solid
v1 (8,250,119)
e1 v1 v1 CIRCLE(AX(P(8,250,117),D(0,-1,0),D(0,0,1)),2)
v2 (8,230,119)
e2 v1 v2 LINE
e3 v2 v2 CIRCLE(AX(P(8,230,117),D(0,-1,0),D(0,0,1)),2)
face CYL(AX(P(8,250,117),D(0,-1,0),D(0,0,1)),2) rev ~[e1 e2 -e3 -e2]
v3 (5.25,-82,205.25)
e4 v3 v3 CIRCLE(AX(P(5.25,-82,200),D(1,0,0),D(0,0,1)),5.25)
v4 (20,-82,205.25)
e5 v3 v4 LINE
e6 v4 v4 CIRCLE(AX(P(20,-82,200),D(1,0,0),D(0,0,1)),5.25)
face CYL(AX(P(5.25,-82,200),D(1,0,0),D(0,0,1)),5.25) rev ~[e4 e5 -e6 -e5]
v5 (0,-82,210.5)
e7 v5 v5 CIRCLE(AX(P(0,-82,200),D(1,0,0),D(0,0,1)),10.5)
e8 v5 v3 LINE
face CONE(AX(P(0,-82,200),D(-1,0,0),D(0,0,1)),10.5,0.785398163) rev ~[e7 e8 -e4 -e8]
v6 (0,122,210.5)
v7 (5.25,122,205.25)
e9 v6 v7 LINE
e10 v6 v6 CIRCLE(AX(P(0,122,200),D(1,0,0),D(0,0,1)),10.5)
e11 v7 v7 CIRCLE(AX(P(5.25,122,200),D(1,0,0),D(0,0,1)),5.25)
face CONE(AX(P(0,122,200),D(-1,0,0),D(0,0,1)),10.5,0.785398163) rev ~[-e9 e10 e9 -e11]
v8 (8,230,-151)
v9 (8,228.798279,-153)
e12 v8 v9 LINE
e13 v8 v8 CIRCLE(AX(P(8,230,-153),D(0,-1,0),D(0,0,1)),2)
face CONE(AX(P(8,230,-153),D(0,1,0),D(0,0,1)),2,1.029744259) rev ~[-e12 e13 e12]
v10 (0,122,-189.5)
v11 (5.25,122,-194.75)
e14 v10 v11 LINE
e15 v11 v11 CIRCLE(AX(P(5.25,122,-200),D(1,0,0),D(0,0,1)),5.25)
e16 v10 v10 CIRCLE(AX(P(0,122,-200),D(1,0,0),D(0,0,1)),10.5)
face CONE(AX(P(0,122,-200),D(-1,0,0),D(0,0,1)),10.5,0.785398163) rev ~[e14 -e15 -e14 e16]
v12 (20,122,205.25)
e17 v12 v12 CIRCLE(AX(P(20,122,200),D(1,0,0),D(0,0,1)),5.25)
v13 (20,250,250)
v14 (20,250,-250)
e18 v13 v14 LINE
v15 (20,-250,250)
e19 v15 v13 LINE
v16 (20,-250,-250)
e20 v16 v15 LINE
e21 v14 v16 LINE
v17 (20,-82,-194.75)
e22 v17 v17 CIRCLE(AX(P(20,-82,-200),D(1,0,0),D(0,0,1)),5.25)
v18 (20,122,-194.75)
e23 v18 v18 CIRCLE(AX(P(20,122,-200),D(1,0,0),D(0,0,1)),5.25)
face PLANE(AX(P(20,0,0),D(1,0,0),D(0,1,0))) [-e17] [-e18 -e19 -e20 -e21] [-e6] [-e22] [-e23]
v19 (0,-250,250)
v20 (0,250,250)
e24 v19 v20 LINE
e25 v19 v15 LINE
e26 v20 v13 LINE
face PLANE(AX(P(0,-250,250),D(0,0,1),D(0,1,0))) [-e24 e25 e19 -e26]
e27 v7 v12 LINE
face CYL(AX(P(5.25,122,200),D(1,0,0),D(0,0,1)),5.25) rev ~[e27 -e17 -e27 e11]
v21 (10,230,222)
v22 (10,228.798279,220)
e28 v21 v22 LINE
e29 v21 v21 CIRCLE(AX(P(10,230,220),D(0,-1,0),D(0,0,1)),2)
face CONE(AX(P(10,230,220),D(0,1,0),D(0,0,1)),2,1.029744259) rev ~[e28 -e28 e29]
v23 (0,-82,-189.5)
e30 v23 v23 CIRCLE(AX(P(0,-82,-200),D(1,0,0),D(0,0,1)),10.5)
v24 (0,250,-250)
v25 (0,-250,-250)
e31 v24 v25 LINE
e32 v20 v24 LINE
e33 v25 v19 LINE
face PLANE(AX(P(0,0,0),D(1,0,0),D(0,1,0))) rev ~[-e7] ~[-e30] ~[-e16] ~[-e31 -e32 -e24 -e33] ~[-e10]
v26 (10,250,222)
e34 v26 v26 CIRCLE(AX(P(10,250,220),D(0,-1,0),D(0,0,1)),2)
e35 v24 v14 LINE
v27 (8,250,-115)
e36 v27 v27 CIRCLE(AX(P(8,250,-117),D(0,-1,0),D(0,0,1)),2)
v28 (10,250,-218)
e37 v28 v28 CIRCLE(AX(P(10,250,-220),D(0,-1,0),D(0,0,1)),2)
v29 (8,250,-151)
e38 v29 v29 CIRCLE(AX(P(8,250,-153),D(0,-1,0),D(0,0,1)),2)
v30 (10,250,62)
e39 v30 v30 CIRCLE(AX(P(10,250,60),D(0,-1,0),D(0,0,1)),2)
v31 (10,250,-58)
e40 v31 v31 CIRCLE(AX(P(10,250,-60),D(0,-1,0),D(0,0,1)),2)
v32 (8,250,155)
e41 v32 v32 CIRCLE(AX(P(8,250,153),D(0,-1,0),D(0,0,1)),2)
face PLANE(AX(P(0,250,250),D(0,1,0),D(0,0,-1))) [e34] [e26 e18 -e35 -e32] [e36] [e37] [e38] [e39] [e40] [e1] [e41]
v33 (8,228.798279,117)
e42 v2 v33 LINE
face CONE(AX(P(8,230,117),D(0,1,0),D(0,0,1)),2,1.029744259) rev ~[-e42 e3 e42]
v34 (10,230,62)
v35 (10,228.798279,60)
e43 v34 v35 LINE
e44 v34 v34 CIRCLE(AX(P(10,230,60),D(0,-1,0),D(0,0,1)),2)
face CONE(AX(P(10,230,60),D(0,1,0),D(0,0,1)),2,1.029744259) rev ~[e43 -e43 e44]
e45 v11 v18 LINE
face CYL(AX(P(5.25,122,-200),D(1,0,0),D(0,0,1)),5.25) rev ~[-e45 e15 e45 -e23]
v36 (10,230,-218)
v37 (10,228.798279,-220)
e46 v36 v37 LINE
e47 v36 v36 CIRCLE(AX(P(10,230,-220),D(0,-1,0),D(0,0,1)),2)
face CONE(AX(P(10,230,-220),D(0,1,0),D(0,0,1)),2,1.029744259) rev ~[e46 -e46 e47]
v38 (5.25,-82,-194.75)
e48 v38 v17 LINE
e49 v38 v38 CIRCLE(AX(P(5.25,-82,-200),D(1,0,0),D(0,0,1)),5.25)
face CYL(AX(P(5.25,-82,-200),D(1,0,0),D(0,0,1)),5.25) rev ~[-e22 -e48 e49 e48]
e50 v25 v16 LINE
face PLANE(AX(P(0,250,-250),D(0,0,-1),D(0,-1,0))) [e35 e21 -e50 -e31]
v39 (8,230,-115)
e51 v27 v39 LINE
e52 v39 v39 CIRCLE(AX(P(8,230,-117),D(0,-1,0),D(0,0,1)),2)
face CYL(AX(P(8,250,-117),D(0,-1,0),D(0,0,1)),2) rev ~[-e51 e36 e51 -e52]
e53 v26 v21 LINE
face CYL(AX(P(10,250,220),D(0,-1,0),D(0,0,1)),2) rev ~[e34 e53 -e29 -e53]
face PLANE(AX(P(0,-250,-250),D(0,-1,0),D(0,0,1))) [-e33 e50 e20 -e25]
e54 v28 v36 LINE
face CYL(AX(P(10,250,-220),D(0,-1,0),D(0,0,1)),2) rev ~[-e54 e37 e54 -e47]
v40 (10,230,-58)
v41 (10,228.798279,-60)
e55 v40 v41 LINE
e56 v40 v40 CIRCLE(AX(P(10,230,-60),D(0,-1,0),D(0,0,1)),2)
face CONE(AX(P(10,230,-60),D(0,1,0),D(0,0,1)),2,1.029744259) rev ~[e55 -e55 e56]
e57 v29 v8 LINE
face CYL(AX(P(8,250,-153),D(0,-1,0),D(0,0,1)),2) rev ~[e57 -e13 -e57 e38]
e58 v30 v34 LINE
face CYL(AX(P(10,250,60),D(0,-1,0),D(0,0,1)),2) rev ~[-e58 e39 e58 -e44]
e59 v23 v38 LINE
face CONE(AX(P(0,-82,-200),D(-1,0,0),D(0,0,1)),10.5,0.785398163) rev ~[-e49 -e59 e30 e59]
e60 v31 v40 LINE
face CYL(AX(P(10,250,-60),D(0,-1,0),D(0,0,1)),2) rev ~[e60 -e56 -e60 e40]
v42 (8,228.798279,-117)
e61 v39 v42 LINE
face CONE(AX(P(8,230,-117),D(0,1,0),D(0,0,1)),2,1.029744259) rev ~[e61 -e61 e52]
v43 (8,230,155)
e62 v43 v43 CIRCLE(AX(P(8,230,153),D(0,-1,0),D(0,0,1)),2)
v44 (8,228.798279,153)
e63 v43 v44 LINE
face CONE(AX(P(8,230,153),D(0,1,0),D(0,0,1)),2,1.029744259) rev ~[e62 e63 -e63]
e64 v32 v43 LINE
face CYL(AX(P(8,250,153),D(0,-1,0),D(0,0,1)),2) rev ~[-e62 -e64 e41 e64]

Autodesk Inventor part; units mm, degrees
ref_plane "YZ Plane" through (0, 0, 0) normal (1, 0, 0) x (0, 1, 0)
ref_plane "XZ Plane" through (0, 0, 0) normal (0, 1, 0) x (-1, 0, 0)
ref_plane "XY Plane" through (0, 0, 0) normal (0, 0, 1) x (1, 0, 0)
sketch "Skizze1" plane through (0, 0, 0) normal (1, 0, 0) x (0, 1, 0)
  line L0 (-250, 250) -> (250, 250)
  line L1 (250, 250) -> (250, -250)
  line L2 (250, -250) -> (-250, -250)
  line L3 (-250, -250) -> (-250, 250)
  line L4 (-250, 250) -> (250, -250) construction
  line L5 (250, 250) -> (-250, -250) construction
  point P0 (0, 0)
  dimension "d0" = 500
  dimension "d1" = 500
extrude "Extrusion1" add sketch "Skizze1" along normal blind 20
sketch "Skizze2" plane through (0, 0, 0) normal (-1, 0, 0) x (0, 0, 1)
  line L0 (0, 0) -> (0, -82)
  line L1 (0, -82) -> (200, -82)
  line L2 (200, -82) -> (-200, -82)
  line L3 (-200, -82) -> (-200, 122)
  line L4 (-200, 122) -> (200, 122)
  dimension "d4" = 82
  dimension "d5" = 200
  dimension "d71" = 204
  dimension "d72" = 400
hole "Bohrung1" at (0, -82, 200) at (0, -82, -200) at (0, 122, 200) at (0, 122, -200) direction (1, 0, 0) diameter 10.5 end through all countersink diameter 21 countersink angle 90
sketch "Skizze4" plane through (0, 250, 250) normal (0, 1, 0) x (1, 0, 0)
  line L0 (0, 0) -> (20, 0) projected
  line L1 (0, 0) -> (0, 85)
  line L2 (0, 500) -> (0, 0) projected
  line L3 (20, 0) -> (8, 0)
  line L4 (8, 0) -> (8, 85)
  line L5 (8, 85) -> (8, 97)
  line L6 (8, 97) -> (8, 133)
  line L7 (20, 500) -> (20, 0) projected
  line L8 (20, 500) -> (8, 500)
  line L9 (0, 500) -> (20, 500) projected
  line L10 (8, 500) -> (8, 415)
  line L11 (8, 415) -> (8, 403)
  line L12 (8, 403) -> (8, 367)
  point P0 (0, 250)
  dimension "d40" = 12
  dimension "d41" = 85
  dimension "d42" = 12
  dimension "d43" = 36
  dimension "d44" = 12
  dimension "d45" = 85
  dimension "d46" = 12
  dimension "d47" = 36
hole "Bohrung2" at (8, 250, 153) at (8, 250, 117) at (8, 250, -117) at (8, 250, -153) direction (0, -1, 0) diameter 4 depth 20 tip angle 118
sketch "Skizze5" plane through (0, 250, 250) normal (0, 1, 0) x (1, 0, 0)
  line L0 (0, 0) -> (0, 500) projected
  line L1 (0, 0) -> (10, 0)
  line L2 (0, 0) -> (20, 0) projected
  line L3 (10, 0) -> (10, 30)
  line L4 (10, 0) -> (10, 190)
  line L5 (0, 500) -> (10, 500)
  line L6 (0, 500) -> (20, 500) projected
  line L7 (10, 500) -> (-20, 500)
  line L8 (10, 500) -> (10, 470)
  line L9 (10, 500) -> (10, 310)
  point P0 (0, 250)
  dimension "d55" = 10
  dimension "d56" = 30
  dimension "d57" = 190
  dimension "d58" = 10
  dimension "d59" = 30
  dimension "d60" = 30
  dimension "d61" = 190
hole "Bohrung3" at (10, 250, 220) at (10, 250, 60) at (10, 250, -60) at (10, 250, -220) direction (0, -1, 0) diameter 4 depth 20 tip angle 118
properties part number "Sitzplatte" material "Holz (Birke)"
